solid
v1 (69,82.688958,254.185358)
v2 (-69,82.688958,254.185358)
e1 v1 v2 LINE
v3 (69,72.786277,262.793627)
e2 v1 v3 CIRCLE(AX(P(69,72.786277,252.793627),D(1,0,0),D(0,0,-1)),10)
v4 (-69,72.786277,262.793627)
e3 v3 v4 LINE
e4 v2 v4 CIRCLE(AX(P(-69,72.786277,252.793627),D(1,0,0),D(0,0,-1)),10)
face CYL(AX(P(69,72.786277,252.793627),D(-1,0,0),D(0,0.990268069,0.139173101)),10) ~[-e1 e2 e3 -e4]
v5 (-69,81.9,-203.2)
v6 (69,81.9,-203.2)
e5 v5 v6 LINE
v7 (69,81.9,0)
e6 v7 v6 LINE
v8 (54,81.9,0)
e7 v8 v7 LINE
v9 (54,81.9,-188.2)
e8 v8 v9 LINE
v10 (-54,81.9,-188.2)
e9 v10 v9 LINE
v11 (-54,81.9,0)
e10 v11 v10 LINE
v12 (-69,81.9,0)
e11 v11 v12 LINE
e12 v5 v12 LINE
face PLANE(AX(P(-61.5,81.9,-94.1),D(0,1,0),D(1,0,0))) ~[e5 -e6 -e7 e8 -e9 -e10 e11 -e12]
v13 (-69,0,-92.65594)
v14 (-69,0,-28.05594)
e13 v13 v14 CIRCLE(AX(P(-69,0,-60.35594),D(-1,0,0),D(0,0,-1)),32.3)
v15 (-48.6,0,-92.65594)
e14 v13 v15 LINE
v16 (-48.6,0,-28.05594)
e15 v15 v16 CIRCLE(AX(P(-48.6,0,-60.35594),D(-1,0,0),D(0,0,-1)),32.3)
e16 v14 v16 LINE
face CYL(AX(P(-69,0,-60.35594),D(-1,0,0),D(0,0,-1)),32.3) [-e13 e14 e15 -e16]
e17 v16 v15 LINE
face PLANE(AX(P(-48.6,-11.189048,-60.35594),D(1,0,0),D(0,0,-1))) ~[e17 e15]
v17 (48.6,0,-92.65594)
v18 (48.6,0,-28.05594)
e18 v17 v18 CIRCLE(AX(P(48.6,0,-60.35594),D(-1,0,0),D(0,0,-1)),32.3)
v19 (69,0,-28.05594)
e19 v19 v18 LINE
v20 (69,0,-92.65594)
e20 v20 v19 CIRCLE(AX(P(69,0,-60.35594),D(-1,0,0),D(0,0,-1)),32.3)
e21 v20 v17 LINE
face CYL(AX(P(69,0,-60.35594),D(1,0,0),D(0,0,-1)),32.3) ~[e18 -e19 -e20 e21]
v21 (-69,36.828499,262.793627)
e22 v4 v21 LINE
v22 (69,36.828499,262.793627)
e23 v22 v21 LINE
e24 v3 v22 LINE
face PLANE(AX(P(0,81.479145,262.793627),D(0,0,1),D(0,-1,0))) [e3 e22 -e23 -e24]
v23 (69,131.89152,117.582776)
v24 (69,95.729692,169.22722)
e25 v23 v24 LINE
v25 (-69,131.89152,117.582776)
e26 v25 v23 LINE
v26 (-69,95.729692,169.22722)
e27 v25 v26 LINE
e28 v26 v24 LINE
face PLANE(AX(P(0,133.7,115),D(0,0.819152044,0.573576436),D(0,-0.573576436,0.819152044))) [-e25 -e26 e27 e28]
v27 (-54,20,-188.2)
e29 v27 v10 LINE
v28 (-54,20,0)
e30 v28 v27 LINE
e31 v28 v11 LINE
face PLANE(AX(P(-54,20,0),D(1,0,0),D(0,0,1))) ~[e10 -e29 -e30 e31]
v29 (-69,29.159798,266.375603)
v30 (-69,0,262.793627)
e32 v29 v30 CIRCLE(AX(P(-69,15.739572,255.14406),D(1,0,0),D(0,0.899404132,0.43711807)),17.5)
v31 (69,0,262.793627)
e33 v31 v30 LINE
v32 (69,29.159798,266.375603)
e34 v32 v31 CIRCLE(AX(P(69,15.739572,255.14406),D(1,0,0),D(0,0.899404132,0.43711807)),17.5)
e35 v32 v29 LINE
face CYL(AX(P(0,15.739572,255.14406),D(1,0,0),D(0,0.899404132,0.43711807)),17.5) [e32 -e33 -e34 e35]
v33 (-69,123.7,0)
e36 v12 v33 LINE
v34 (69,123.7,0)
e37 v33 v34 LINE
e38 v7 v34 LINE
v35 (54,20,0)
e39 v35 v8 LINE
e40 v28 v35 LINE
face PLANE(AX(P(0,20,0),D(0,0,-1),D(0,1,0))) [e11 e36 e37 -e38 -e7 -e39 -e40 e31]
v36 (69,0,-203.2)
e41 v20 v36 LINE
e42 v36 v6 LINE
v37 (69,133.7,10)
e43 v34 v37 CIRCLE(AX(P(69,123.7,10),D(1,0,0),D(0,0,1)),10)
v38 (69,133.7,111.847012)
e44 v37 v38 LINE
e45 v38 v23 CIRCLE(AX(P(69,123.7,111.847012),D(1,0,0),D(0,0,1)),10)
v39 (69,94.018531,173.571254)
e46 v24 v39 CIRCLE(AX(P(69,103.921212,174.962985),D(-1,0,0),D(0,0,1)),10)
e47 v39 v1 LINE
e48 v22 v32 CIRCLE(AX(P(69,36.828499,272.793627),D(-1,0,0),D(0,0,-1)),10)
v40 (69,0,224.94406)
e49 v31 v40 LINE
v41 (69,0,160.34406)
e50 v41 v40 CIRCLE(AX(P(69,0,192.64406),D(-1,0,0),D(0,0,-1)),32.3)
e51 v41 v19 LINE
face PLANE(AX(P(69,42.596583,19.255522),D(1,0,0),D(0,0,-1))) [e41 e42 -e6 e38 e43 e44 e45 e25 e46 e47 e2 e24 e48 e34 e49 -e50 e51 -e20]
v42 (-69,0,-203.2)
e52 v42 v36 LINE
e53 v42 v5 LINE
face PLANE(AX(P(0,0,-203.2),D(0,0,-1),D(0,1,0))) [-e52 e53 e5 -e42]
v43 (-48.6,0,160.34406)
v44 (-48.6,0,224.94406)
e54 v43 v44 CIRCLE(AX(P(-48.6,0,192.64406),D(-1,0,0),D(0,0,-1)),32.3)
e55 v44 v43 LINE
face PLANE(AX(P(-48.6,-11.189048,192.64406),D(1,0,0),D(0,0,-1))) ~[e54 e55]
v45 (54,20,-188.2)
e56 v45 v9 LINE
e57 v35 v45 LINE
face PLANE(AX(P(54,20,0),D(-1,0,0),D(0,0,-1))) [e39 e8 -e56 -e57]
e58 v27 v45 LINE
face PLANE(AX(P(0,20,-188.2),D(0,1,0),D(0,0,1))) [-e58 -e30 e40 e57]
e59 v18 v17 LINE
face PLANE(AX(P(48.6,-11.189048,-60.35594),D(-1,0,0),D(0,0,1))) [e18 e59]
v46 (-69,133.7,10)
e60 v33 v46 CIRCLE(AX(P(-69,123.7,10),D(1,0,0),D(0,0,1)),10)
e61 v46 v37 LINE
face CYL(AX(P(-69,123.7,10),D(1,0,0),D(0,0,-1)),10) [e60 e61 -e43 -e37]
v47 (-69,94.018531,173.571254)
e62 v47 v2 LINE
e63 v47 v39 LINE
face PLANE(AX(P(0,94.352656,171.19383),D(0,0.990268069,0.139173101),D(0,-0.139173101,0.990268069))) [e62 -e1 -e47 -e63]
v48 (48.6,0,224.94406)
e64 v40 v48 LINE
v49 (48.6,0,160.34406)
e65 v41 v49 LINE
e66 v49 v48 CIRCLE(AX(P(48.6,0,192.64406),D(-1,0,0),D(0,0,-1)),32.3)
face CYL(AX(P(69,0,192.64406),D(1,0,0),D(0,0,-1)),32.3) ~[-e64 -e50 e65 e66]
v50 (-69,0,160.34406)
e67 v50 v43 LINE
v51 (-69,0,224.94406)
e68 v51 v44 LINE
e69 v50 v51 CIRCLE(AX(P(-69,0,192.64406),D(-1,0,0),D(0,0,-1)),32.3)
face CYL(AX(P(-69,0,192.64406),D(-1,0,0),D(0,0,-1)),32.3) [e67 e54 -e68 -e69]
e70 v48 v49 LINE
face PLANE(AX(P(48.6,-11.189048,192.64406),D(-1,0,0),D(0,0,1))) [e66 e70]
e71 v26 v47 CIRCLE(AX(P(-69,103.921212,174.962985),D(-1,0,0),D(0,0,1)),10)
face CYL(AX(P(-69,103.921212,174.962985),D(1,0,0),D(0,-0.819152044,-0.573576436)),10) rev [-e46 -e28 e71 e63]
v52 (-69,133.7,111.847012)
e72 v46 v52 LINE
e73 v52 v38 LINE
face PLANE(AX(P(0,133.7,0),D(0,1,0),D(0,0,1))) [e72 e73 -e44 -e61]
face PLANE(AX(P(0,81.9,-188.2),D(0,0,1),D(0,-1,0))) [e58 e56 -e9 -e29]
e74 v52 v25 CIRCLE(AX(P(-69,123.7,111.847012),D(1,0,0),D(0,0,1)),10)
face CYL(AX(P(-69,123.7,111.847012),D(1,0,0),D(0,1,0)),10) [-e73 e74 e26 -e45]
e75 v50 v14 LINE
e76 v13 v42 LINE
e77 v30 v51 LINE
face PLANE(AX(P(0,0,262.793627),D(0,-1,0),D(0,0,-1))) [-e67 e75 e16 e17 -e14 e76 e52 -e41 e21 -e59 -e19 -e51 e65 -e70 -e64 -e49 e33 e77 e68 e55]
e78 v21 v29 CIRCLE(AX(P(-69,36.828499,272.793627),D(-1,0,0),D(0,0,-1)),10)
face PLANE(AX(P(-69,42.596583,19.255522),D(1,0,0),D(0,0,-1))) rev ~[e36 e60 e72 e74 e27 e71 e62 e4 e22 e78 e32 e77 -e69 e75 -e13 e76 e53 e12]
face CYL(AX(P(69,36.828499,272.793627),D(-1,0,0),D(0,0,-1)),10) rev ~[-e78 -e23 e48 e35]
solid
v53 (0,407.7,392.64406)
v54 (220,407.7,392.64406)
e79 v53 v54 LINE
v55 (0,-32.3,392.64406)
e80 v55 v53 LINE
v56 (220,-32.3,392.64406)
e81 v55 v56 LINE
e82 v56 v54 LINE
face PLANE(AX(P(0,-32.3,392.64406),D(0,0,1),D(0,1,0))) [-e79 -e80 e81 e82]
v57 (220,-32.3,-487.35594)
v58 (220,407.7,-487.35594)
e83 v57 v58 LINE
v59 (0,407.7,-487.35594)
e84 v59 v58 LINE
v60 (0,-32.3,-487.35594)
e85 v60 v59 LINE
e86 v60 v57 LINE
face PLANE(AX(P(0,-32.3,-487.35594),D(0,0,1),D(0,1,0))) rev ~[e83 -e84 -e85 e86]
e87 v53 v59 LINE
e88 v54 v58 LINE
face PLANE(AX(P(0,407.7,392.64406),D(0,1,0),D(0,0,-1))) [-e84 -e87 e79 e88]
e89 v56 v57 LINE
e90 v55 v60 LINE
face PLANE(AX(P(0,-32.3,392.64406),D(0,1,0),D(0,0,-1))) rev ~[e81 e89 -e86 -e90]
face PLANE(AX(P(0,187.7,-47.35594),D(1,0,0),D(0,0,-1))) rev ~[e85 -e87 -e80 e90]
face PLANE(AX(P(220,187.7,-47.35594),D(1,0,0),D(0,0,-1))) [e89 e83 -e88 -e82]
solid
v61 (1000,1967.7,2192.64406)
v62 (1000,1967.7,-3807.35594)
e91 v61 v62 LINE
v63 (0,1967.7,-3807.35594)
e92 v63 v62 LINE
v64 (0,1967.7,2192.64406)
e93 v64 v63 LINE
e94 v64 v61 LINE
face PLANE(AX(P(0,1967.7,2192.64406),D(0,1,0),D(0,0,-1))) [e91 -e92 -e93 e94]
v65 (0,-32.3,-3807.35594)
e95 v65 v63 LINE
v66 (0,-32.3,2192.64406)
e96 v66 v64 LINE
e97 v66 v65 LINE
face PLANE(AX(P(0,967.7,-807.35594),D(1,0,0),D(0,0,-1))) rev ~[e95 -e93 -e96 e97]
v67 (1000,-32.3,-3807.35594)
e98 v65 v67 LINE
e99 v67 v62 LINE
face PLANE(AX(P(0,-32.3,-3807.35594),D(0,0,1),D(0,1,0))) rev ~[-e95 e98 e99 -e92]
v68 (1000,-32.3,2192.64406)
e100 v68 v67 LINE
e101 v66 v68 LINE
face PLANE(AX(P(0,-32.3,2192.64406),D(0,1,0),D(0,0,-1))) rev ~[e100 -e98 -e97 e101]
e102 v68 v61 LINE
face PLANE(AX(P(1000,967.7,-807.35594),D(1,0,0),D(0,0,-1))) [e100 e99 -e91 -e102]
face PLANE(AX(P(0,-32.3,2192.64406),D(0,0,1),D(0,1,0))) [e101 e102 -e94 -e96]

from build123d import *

# Parameters (mm, degrees)
BOSS_EXTRUDE1_DEPTH = 69
SKETCH4_W           = 15
SKETCH4_H           = 188.2
BOSS_EXTRUDE2_DEPTH = 61.9
BOSS_EXTRUDE3_DEPTH = 20.4
FILLET1_R           = 10
SKETCH6_W           = 6000
SKETCH6_H           = 2000
BOSS_EXTRUDE4_DEPTH = 1000
SKETCH8_W           = 880
SKETCH8_H           = 440
BOSS_EXTRUDE5_DEPTH = 220


with BuildPart() as part:
    # Sketch2 → Boss-Extrude1 (new body, symmetric)
    with BuildSketch(Plane(origin=(0, 0, 0), x_dir=(0, 0, -1), z_dir=(1, 0, 0))):
        with BuildLine():
            Line((-262.793626597, 0), (0, 0))
            Line((0, 0), (203.2, 0))
            Line((203.2, 0), (203.2, 81.9))
            Line((203.2, 81.9), (188.2, 81.9))
            Line((188.2, 81.9), (188.2, 20))
            Line((188.2, 20), (0, 20))
            Line((0, 20), (0, 133.7))
            Line((0, 133.7), (-115, 133.7))
            Line((-115, 133.7), (-171.193830238, 94.352656466))
            Line((-171.193830238, 94.352656466), (-262.793626597, 81.479144628))
            Line((-262.793626597, 81.479144628), (-262.793626597, 31.479144628))
            ThreePointArc((-262.793626597, 31.479144628), (-272.644060375, 15.739572314), (-262.793626597, 0))
        make_face()
    extrude(amount=BOSS_EXTRUDE1_DEPTH, both=True)

    # Sketch4 → Boss-Extrude2 (add)
    with BuildSketch(Plane(origin=(0, 20, 0), x_dir=(1, 0, 0), z_dir=(0, 1, 0))):
        with Locations((61.5, 94.1)):
            Rectangle(SKETCH4_W, SKETCH4_H)
    boss_extrude2 = extrude(amount=BOSS_EXTRUDE2_DEPTH)

    # Mirror1: Boss-Extrude2 across plane
    add(boss_extrude2.mirror(Plane(origin=(0, 0, 0), x_dir=(0, 0, 1), z_dir=(1, 0, 0))))

    # Sketch5 → Boss-Extrude3 (add)
    with BuildSketch(Plane(origin=(69, 0, 0), x_dir=(0, 0, -1), z_dir=(1, 0, 0))):
        with BuildLine():
            Line((-224.944060375, 0), (-160.344060375, 0))
            ThreePointArc((-160.344060375, 0), (-192.644060375, -32.3), (-224.944060375, 0))
        make_face()
        with BuildLine():
            Line((28.055939625, 0), (92.655939625, 0))
            ThreePointArc((92.655939625, 0), (60.355939625, -32.3), (28.055939625, 0))
        make_face()
    boss_extrude3 = extrude(amount=-BOSS_EXTRUDE3_DEPTH)

    # Mirror2: Boss-Extrude3 across plane
    add(boss_extrude3.mirror(Plane(origin=(0, 0, 0), x_dir=(0, 0, 1), z_dir=(1, 0, 0))))

    # Fillet1
    fillet1_edges = [part.edges().sort_by_distance(p)[0] for p in [
        (0, 31.479144628, 262.793626597),
        (0, 81.479144628, 262.793626597),
        (0, 94.352656466, 171.193830238),
        (0, 133.7, 115),
        (0, 133.7, 0),
    ]]
    fillet(fillet1_edges, radius=FILLET1_R)


with BuildPart() as body_2:
    # Sketch6 → Boss-Extrude4 (new body)
    with BuildSketch(Plane(origin=(0, 0, 0), x_dir=(0, 0, -1), z_dir=(1, 0, 0))):
        with Locations((807.355939625, 967.7)):
            Rectangle(SKETCH6_W, SKETCH6_H)
    extrude(amount=BOSS_EXTRUDE4_DEPTH)


with BuildPart() as body_3:
    # Sketch8 → Boss-Extrude5 (new body)
    with BuildSketch(Plane(origin=(0, 0, 0), x_dir=(0, 0, -1), z_dir=(1, 0, 0))):
        with Locations((47.355939625, 187.7)):
            Rectangle(SKETCH8_W, SKETCH8_H)
    extrude(amount=BOSS_EXTRUDE5_DEPTH)


solid = Compound([part.part, body_2.part, body_3.part])
